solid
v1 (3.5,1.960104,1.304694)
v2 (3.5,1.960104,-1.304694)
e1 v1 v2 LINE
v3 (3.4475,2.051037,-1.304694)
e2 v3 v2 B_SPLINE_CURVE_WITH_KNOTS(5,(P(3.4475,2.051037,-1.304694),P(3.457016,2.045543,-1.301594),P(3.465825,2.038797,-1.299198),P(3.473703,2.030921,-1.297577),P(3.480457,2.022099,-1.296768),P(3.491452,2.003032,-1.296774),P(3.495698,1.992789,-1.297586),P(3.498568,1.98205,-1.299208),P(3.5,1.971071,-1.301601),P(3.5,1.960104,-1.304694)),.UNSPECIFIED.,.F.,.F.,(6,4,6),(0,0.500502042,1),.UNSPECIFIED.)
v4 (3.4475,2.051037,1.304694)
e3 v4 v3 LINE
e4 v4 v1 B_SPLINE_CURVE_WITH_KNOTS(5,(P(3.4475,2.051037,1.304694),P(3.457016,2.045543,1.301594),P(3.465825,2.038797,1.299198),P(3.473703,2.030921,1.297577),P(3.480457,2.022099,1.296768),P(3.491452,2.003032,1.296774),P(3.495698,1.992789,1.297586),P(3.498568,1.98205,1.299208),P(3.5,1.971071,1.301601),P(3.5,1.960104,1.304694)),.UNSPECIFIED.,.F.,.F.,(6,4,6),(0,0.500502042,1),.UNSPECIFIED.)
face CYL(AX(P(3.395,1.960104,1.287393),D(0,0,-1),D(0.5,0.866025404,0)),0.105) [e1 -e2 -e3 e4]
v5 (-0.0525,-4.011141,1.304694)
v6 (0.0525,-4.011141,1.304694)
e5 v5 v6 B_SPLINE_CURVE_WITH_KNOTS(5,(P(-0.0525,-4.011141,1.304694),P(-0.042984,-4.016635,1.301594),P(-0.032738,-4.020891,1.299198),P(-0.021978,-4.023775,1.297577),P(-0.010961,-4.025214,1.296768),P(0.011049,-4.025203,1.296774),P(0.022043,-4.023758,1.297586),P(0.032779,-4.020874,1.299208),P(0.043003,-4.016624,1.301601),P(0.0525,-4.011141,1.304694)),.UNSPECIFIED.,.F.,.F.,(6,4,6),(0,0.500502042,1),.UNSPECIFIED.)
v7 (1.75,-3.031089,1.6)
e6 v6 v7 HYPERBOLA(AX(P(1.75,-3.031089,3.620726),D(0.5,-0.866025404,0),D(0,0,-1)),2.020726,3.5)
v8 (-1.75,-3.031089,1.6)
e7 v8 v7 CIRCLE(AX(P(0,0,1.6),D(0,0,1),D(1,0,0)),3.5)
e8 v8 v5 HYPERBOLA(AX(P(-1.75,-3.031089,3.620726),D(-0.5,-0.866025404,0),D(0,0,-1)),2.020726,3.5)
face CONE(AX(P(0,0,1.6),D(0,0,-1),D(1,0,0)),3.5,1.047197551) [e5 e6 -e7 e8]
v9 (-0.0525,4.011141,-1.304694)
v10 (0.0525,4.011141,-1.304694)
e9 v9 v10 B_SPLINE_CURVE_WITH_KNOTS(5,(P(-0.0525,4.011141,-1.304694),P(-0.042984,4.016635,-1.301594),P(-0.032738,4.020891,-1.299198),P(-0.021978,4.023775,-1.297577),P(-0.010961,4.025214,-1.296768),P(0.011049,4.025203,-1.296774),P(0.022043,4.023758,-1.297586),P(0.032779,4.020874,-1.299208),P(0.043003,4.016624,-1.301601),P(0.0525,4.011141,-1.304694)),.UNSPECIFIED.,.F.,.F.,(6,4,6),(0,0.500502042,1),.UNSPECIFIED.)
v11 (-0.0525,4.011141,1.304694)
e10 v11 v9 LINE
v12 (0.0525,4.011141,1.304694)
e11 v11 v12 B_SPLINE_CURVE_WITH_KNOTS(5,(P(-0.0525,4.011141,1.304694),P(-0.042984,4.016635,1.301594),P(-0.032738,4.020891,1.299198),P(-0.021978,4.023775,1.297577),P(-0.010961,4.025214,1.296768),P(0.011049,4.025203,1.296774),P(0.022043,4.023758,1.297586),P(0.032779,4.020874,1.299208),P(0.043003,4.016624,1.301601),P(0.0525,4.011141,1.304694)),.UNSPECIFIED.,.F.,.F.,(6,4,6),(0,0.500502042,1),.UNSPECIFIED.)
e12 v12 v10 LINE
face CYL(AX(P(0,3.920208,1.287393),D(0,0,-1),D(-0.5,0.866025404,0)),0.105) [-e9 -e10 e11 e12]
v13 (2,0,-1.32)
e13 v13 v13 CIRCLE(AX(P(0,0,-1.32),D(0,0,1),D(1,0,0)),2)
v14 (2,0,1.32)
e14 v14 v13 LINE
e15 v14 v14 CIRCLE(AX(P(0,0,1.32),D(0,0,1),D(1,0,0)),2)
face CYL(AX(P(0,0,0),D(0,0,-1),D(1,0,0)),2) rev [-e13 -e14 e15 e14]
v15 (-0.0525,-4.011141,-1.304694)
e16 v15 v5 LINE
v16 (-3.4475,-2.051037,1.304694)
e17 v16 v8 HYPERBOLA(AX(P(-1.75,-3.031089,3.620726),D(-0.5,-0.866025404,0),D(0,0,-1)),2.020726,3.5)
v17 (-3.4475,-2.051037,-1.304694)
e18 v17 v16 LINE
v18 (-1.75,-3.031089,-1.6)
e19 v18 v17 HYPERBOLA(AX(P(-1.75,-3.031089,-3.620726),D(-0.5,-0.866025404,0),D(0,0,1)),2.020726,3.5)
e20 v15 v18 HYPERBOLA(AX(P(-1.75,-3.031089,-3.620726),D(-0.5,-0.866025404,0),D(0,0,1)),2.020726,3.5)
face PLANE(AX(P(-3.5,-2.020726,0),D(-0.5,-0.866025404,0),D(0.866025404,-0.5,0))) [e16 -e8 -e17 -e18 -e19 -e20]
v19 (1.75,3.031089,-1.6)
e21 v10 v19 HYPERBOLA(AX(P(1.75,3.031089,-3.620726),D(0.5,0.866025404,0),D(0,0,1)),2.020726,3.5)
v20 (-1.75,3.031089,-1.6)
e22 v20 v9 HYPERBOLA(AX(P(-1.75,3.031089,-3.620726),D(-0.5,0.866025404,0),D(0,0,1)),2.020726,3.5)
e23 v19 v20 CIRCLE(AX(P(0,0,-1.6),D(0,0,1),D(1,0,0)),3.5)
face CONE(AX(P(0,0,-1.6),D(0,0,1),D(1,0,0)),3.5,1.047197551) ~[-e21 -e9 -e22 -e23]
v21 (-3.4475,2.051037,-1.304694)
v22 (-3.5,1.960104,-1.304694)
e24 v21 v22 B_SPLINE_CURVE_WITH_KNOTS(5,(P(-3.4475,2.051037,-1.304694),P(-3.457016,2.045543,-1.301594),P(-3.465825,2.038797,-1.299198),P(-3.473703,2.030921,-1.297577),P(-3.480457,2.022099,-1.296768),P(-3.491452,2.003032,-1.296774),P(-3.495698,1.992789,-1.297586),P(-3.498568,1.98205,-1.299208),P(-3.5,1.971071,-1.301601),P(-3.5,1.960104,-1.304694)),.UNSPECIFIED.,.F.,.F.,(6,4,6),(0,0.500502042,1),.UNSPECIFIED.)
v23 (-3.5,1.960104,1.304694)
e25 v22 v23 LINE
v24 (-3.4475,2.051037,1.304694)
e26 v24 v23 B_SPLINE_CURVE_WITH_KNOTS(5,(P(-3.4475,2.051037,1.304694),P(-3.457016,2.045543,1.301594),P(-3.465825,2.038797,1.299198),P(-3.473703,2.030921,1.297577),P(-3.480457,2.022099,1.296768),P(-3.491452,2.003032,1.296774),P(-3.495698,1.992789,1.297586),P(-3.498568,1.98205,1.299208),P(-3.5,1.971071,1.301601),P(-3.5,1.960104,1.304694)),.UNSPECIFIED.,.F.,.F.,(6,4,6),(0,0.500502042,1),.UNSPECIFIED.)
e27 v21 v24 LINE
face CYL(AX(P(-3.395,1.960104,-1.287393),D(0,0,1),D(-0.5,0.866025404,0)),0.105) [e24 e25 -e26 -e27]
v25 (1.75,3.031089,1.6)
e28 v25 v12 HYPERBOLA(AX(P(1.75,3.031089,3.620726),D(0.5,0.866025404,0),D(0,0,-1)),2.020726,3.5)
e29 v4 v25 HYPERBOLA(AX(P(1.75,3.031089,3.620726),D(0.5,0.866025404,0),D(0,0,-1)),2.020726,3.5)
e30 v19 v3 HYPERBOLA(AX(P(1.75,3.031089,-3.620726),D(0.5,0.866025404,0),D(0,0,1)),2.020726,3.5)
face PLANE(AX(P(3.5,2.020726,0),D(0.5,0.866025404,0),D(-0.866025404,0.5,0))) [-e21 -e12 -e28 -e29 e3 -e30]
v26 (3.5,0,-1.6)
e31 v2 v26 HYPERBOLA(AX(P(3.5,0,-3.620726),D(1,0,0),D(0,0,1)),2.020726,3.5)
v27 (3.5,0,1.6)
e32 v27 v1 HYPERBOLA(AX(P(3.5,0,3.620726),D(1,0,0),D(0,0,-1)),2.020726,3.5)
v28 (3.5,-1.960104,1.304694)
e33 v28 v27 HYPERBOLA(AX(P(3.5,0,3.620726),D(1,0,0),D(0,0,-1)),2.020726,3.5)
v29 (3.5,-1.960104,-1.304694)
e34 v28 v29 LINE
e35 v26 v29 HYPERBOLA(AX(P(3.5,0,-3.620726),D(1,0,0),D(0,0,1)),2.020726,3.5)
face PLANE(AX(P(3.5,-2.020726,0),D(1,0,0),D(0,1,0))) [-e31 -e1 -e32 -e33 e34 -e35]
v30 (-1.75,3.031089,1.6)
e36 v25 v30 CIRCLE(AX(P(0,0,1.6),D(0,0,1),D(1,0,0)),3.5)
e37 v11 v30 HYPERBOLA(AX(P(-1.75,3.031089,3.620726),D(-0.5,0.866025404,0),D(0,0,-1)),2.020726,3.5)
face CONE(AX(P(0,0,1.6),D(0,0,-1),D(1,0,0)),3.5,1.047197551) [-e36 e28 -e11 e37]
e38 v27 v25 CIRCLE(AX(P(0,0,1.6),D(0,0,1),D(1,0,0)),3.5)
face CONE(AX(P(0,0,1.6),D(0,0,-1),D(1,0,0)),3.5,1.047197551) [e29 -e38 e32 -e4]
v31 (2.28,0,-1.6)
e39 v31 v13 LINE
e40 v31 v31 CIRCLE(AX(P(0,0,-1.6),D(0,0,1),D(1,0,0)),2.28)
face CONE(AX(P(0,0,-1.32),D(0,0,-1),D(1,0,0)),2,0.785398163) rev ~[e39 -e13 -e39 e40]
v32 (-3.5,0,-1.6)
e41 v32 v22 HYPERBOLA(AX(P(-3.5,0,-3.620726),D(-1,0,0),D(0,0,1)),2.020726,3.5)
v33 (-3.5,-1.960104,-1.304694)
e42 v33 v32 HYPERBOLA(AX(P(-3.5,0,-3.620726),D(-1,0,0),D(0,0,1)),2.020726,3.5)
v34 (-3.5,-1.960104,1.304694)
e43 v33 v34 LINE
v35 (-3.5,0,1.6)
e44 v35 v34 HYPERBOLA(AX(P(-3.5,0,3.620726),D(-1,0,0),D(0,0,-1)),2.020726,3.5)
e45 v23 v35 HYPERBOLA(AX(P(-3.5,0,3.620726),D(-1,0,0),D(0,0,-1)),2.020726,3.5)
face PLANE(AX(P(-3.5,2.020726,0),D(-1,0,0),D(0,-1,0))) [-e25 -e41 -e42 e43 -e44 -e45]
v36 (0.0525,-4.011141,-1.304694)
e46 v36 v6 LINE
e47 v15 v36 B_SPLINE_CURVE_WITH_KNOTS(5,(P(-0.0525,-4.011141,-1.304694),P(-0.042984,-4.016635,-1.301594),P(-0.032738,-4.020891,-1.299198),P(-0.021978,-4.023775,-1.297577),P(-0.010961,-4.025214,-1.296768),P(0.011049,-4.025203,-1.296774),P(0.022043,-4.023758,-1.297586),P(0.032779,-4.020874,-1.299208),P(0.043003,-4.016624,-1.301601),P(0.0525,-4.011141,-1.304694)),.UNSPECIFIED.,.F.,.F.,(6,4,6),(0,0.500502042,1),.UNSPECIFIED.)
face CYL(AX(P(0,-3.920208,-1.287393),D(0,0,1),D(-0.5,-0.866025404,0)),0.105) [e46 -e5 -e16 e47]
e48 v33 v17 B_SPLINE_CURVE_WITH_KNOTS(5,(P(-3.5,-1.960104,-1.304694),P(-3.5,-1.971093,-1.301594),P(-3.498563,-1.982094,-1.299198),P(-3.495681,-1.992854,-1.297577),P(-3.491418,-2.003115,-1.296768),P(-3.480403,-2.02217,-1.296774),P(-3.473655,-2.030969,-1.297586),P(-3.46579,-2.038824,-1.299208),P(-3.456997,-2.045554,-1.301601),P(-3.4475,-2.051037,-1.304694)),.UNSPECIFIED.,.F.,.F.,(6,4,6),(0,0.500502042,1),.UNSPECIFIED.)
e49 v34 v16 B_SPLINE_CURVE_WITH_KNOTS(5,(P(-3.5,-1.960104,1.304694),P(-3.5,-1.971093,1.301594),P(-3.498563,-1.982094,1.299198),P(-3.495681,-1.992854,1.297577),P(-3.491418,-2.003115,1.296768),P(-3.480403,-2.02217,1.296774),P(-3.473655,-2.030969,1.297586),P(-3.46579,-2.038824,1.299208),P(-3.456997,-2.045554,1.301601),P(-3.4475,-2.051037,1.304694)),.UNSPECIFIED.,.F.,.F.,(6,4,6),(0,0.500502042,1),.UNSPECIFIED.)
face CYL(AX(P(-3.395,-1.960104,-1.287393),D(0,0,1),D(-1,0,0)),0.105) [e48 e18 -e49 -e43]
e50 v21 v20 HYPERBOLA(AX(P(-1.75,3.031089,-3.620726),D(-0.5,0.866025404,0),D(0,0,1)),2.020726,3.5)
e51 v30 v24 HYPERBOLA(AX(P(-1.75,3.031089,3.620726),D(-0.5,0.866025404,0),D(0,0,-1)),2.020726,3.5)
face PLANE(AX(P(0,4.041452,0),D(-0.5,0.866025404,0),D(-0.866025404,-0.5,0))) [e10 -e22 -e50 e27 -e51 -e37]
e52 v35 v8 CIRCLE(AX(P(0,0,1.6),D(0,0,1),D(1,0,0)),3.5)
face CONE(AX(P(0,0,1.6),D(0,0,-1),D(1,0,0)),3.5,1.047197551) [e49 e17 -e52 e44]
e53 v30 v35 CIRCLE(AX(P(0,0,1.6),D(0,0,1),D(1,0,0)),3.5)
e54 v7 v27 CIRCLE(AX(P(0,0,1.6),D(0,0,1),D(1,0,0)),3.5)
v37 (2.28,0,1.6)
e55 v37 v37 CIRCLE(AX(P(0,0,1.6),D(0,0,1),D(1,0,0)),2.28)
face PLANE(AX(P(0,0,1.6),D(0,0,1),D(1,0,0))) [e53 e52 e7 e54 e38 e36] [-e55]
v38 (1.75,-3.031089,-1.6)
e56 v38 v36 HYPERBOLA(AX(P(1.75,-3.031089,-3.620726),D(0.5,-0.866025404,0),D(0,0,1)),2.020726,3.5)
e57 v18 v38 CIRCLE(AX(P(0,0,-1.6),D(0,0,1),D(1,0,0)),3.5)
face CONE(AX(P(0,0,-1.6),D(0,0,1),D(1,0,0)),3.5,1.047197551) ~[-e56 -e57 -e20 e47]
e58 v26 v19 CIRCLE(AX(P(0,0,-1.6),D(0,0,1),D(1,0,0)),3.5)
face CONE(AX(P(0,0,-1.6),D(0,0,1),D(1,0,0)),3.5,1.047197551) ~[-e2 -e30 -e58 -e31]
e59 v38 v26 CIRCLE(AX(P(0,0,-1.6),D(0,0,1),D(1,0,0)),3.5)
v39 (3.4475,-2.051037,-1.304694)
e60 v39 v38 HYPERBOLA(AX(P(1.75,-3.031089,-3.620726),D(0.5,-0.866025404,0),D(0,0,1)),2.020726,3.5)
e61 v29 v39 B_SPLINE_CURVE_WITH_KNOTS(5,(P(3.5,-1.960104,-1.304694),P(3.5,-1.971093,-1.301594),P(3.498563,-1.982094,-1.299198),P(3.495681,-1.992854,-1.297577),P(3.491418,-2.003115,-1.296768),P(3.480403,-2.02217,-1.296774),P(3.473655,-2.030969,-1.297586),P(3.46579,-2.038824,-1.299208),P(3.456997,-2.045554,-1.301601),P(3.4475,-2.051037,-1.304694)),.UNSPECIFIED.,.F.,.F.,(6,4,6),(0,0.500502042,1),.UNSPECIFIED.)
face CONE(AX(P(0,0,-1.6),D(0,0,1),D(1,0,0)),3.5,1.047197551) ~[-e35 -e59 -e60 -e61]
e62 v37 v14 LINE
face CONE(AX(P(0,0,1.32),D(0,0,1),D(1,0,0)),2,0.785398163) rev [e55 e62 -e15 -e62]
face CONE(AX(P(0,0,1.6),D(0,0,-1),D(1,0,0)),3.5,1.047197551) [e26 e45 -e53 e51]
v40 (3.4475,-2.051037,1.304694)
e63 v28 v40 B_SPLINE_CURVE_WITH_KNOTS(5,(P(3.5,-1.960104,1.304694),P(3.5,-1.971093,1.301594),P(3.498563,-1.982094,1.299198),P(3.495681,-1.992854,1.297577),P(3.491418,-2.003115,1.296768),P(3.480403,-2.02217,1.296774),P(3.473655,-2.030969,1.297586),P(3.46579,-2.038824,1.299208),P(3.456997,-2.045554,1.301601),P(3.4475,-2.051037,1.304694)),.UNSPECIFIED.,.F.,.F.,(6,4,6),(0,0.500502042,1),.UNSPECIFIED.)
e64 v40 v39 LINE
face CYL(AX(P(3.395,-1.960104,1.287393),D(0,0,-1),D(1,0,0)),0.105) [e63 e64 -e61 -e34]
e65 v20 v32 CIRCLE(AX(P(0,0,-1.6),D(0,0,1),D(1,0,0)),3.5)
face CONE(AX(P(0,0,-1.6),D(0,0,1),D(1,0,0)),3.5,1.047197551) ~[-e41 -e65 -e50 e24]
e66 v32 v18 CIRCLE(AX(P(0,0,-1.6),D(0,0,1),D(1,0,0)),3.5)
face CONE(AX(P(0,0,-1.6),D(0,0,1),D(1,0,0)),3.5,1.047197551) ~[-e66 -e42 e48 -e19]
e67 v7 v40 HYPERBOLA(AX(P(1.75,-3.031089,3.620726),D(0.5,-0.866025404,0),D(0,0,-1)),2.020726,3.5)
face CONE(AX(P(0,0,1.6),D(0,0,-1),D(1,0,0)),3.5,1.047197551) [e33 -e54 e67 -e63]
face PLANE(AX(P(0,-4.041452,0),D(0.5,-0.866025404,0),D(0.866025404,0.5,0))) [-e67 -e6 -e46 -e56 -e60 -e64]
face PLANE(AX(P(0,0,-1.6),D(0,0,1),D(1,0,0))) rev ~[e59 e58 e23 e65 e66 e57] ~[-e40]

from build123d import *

# Parameters (mm, degrees)
SKETCH3_R           = 2
BOSS_EXTRUDE1_DEPTH = 1.6
SKETCH4_OUTSIDE_W   = 36.28
SKETCH4_OUTSIDE_H   = 37.362
SKETCH4_OUTSIDE_R   = 3.5
CUT_EXTRUDE1_DEPTH  = 7.23083729
CUT_EXTRUDE1_DRAFT  = -60
CUT_EXTRUDE2_START  = -3.2
SKETCH4_2_OUTSIDE_W = 47.366
SKETCH4_2_OUTSIDE_H = 48.448
SKETCH4_2_OUTSIDE_R = 3.5
CUT_EXTRUDE2_DEPTH  = 10.43083729
CUT_EXTRUDE2_DRAFT  = 60
FILLET1_R           = 0.105
CHAMFER1_SIZE       = 0.28


with BuildPart() as part:
    # Sketch3 → Boss-Extrude1 (new, symmetric)
    with BuildSketch(Plane.XY):
        Polygon((0, 4.041451884), (-3.5, 2.020725942), (-3.5, -2.020725942), (0, -4.041451884), (3.5, -2.020725942), (3.5, 2.020725942), align=None)
        Circle(SKETCH3_R, mode=Mode.SUBTRACT)
    extrude(amount=BOSS_EXTRUDE1_DEPTH, both=True)


with BuildPart() as cut_extrude1_tool:
    # Sketch4 outside → Cut-Extrude1 (with draft: the straight prism first)
    with BuildSketch(Plane.XY.offset(1.6)):
        Rectangle(SKETCH4_OUTSIDE_W, SKETCH4_OUTSIDE_H)
        Circle(SKETCH4_OUTSIDE_R, mode=Mode.SUBTRACT)
    extrude(amount=-CUT_EXTRUDE1_DEPTH)
    # Cut-Extrude1: the draft: its side faces are tilted about the plane it starts from
    cut_extrude1_sides = [cut_extrude1_tool.faces().sort_by_distance(p)[0] for p in [
        (0, -18.681, -2.015418645),
        (18.14, 0, -2.015418645),
        (0, 18.681, -2.015418645),
        (-18.14, 0, -2.015418645),
        (-3.5, 0, -2.015418645),
    ]]
    draft(cut_extrude1_sides, Plane.XY.offset(1.6), CUT_EXTRUDE1_DRAFT)


with BuildPart() as part_1:
    add(part.part)

    # Cut-Extrude1: cut by cut_extrude1_tool
    add(cut_extrude1_tool.part, mode=Mode.SUBTRACT)


with BuildPart() as cut_extrude2_tool:
    # Sketch4<2> outside → Cut-Extrude2 (with draft: the straight prism first)
    with BuildSketch(Plane.XY.offset(1.6).offset(CUT_EXTRUDE2_START)):
        Rectangle(SKETCH4_2_OUTSIDE_W, SKETCH4_2_OUTSIDE_H)
        Circle(SKETCH4_2_OUTSIDE_R, mode=Mode.SUBTRACT)
    extrude(amount=CUT_EXTRUDE2_DEPTH)
    # Cut-Extrude2: the draft: its side faces are tilted about the plane it starts from
    cut_extrude2_sides = [cut_extrude2_tool.faces().sort_by_distance(p)[0] for p in [
        (0, -24.224, 3.615418645),
        (23.683, 0, 3.615418645),
        (0, 24.224, 3.615418645),
        (-23.683, 0, 3.615418645),
        (-3.5, 0, 3.615418645),
    ]]
    draft(cut_extrude2_sides, Plane.XY.offset(1.6).offset(CUT_EXTRUDE2_START), CUT_EXTRUDE2_DRAFT)


with BuildPart() as part_2:
    add(part_1.part)

    # Cut-Extrude2: cut by cut_extrude2_tool
    add(cut_extrude2_tool.part, mode=Mode.SUBTRACT)

    # Fillet1
    fillet1_edges = [part_2.edges().sort_by_distance(p)[0] for p in [
        (3.5, -2.020725942, 0),
        (0, -4.041451884, 0),
        (-3.5, -2.020725942, 0),
        (-3.5, 2.020725942, 0),
        (0, 4.041451884, 0),
        (3.5, 2.020725942, 0),
    ]]
    fillet(fillet1_edges, radius=FILLET1_R)

    # Chamfer1
    chamfer1_edges = [part_2.edges().sort_by_distance(p)[0] for p in [
        (-2, 0, -1.6),
        (-2, 0, 1.6),
    ]]
    chamfer(chamfer1_edges, length=CHAMFER1_SIZE)


solid = part_2.part
